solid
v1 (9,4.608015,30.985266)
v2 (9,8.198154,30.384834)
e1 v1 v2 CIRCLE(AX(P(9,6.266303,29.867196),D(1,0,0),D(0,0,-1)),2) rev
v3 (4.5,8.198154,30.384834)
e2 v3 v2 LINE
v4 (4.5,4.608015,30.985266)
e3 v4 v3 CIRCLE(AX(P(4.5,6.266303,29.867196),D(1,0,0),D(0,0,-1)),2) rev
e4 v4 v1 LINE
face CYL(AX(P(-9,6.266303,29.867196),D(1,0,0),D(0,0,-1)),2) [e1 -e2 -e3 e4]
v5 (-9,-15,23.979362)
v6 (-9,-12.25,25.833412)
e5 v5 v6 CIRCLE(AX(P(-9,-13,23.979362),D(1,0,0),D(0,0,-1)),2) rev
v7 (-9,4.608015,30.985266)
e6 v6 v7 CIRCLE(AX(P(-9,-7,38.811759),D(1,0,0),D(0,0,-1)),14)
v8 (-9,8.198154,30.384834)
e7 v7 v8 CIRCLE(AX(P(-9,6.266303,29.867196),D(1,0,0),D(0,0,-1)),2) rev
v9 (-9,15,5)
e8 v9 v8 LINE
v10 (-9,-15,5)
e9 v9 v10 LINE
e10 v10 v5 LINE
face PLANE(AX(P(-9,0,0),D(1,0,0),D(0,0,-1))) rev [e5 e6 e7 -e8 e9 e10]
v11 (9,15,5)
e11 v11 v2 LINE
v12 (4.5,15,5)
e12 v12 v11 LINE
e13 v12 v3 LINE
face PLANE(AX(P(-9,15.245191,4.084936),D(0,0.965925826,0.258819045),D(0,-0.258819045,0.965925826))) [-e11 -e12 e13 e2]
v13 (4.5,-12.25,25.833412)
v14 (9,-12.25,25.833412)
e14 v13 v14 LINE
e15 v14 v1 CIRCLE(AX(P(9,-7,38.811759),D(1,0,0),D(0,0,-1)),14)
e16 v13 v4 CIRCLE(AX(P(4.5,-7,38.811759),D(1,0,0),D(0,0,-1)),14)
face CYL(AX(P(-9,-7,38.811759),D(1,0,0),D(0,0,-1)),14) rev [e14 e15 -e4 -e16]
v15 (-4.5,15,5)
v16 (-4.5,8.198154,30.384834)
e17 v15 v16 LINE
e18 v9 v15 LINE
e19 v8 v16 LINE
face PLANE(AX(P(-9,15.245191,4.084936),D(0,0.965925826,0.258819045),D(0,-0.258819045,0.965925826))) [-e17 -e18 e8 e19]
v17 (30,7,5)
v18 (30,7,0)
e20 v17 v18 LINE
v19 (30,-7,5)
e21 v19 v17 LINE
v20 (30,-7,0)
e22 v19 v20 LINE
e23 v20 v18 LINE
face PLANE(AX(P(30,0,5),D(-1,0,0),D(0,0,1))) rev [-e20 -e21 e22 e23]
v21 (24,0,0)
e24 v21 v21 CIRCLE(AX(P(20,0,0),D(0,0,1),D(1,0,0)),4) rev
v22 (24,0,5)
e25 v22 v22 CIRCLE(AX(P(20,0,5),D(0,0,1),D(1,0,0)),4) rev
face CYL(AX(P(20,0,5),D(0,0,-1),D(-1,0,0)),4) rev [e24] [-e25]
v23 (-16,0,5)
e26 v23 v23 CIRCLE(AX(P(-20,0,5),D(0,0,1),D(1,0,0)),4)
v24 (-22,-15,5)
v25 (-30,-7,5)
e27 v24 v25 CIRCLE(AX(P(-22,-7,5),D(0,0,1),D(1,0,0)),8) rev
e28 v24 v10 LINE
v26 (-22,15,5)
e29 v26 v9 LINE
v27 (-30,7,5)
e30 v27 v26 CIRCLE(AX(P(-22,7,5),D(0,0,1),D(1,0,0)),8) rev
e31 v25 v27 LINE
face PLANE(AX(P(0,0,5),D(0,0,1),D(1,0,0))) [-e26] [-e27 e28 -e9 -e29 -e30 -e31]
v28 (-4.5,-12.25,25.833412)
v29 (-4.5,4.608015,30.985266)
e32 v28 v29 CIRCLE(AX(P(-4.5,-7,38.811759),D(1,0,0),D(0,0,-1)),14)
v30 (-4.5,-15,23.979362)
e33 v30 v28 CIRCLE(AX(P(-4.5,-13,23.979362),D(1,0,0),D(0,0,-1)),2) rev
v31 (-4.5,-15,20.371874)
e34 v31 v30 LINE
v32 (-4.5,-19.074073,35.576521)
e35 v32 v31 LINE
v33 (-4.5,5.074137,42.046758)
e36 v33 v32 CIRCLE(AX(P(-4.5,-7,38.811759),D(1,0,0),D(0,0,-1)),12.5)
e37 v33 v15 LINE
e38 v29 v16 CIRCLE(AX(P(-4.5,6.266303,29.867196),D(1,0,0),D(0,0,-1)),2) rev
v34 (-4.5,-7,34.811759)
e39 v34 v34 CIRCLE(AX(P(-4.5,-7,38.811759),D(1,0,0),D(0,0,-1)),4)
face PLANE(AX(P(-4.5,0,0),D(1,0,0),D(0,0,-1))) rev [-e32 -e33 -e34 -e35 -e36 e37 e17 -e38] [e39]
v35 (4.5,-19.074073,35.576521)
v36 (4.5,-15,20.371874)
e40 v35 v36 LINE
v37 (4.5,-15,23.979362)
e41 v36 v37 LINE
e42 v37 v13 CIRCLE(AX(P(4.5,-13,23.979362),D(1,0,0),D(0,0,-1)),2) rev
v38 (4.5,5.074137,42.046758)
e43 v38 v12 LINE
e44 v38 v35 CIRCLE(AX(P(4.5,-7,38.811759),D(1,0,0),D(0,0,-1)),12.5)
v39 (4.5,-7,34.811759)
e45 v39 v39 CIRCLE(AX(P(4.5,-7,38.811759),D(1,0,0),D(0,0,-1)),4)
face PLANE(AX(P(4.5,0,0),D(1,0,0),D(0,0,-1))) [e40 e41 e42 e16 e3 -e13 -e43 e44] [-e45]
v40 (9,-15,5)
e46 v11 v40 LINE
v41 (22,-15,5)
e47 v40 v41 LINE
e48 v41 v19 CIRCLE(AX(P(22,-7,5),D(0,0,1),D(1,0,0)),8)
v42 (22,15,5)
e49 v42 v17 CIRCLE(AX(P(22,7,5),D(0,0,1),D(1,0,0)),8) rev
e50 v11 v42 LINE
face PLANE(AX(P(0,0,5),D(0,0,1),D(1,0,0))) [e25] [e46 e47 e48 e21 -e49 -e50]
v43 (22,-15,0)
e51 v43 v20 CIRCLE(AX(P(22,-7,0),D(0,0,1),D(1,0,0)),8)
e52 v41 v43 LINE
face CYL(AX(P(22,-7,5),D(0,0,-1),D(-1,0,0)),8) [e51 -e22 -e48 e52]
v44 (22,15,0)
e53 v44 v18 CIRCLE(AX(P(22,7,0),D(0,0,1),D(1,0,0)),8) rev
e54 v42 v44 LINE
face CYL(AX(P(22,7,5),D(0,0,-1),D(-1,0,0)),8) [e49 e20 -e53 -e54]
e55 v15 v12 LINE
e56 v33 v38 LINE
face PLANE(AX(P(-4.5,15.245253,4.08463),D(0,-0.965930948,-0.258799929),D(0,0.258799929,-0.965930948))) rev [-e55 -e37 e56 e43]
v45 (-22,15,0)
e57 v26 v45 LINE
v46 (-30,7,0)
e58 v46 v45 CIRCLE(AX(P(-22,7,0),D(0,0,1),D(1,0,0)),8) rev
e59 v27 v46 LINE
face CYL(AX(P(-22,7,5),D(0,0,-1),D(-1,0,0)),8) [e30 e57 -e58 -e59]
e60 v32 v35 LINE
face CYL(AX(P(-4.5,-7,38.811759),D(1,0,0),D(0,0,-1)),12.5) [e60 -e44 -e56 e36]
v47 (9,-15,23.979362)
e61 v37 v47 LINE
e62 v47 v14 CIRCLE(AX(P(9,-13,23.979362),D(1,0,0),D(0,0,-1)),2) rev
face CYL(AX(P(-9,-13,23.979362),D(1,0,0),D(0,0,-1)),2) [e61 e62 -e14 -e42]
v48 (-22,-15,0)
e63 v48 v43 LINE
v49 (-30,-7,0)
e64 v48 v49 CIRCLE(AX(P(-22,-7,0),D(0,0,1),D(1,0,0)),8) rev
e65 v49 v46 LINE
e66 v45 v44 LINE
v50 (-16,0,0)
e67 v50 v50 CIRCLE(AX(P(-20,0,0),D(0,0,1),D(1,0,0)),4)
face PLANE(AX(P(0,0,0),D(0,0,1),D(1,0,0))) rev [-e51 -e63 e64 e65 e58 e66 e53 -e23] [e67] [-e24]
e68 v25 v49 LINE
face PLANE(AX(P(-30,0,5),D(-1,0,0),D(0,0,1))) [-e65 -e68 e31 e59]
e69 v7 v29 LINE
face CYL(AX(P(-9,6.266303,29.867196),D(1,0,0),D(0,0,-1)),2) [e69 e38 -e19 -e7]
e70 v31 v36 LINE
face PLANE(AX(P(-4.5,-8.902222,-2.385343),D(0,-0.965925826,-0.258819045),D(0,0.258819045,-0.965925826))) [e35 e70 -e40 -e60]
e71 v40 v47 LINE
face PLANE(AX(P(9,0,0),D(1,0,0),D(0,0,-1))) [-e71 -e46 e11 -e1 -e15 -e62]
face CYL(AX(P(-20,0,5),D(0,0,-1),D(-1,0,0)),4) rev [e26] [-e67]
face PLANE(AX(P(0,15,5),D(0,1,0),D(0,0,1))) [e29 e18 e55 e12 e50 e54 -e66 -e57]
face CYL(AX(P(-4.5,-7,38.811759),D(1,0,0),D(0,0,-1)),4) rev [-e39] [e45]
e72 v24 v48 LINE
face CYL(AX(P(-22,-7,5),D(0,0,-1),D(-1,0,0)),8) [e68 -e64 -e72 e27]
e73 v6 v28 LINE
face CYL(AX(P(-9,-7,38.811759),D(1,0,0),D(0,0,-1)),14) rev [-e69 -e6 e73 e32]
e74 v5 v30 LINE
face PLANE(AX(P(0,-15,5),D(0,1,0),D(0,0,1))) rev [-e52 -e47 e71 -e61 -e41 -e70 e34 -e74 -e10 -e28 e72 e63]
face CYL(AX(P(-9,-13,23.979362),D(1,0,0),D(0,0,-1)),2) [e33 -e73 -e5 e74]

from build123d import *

# Parameters (mm, degrees)
SKETCH1_R                = 4
BOSS_EXTRUDE1_DEPTH      = 5
BOSS_EXTRUDE2_DEPTH      = 9
BOSS_EXTRUDE2_DEPTH_BACK = 9
BOSS_EXTRUDE3_DEPTH      = 4.5
BOSS_EXTRUDE3_DEPTH_BACK = 4.5
SKETCH3_3_R              = 4


with BuildPart() as part:
    # Sketch1 → Boss-Extrude1 (new body)
    with BuildSketch(Plane.XY):
        with BuildLine():
            ThreePointArc((-30, -7), (-27.656854249, -12.656854249), (-22, -15))
            Line((-22, -15), (22, -15))
            ThreePointArc((22, -15), (27.656854249, -12.656854249), (30, -7))
            Line((30, -7), (30, 7))
            ThreePointArc((30, 7), (27.656854249, 12.656854249), (22, 15))
            Line((22, 15), (-22, 15))
            ThreePointArc((-22, 15), (-27.656854249, 12.656854249), (-30, 7))
            Line((-30, 7), (-30, -7))
        make_face()
        with Locations((-20, 0)):
            Circle(SKETCH1_R, mode=Mode.SUBTRACT)
        with Locations((20, 0)):
            Circle(SKETCH1_R, mode=Mode.SUBTRACT)
    extrude(amount=BOSS_EXTRUDE1_DEPTH)

    # Sketch3 → Boss-Extrude2 (add, two sides: drawn at the far end of the back side and taken through both)
    with BuildSketch(Plane(origin=(0, 0, 0), x_dir=(0, 0, -1), z_dir=(1, 0, 0)).offset(-BOSS_EXTRUDE2_DEPTH_BACK)):
        with BuildLine():
            Line((-5, -15), (-5, 15))
            Line((-5, 15), (-30.384833832, 8.198154275))
            ThreePointArc((-30.384833832, 8.198154275), (-31.839798327, 6.596210245), (-30.985266169, 4.608014794))
            ThreePointArc((-30.985266169, 4.608014794), (-25.423013471, -2.908363546), (-25.833411807, -12.25))
            ThreePointArc((-25.833411807, -12.25), (-25.637674581, -14.118033989), (-23.979362186, -15))
            Line((-23.979362186, -15), (-20.371874306, -15))
            Line((-20.371874306, -15), (-5, -15))
        make_face()
    extrude(amount=BOSS_EXTRUDE2_DEPTH + BOSS_EXTRUDE2_DEPTH_BACK)

    # Sketch3<3> → Boss-Extrude3 (add, two sides: drawn at the far end of the back side and taken through both)
    with BuildSketch(Plane(origin=(0, 0, 0), x_dir=(0, 0, -1), z_dir=(1, 0, 0)).offset(-BOSS_EXTRUDE3_DEPTH_BACK)):
        with BuildLine():
            Line((-30.384833832, 8.198154275), (-5, 15))
            Line((-5, 15), (-42.04675827, 5.074136854))
            ThreePointArc((-42.04675827, 5.074136854), (-50.885864002, -10.235118587), (-35.576521096, -19.074072829))
            Line((-35.576521096, -19.074072829), (-20.371874306, -15))
            Line((-20.371874306, -15), (-23.979362186, -15))
            ThreePointArc((-23.979362186, -15), (-25.637674581, -14.118033989), (-25.833411807, -12.25))
            ThreePointArc((-25.833411807, -12.25), (-25.423013471, -2.908363546), (-30.985266169, 4.608014794))
            ThreePointArc((-30.985266169, 4.608014794), (-31.839798327, 6.596210245), (-30.384833832, 8.198154275))
        make_face()
        with Locations((-38.81175916, -7)):
            Circle(SKETCH3_3_R, mode=Mode.SUBTRACT)
    extrude(amount=BOSS_EXTRUDE3_DEPTH + BOSS_EXTRUDE3_DEPTH_BACK)


solid = part.part
